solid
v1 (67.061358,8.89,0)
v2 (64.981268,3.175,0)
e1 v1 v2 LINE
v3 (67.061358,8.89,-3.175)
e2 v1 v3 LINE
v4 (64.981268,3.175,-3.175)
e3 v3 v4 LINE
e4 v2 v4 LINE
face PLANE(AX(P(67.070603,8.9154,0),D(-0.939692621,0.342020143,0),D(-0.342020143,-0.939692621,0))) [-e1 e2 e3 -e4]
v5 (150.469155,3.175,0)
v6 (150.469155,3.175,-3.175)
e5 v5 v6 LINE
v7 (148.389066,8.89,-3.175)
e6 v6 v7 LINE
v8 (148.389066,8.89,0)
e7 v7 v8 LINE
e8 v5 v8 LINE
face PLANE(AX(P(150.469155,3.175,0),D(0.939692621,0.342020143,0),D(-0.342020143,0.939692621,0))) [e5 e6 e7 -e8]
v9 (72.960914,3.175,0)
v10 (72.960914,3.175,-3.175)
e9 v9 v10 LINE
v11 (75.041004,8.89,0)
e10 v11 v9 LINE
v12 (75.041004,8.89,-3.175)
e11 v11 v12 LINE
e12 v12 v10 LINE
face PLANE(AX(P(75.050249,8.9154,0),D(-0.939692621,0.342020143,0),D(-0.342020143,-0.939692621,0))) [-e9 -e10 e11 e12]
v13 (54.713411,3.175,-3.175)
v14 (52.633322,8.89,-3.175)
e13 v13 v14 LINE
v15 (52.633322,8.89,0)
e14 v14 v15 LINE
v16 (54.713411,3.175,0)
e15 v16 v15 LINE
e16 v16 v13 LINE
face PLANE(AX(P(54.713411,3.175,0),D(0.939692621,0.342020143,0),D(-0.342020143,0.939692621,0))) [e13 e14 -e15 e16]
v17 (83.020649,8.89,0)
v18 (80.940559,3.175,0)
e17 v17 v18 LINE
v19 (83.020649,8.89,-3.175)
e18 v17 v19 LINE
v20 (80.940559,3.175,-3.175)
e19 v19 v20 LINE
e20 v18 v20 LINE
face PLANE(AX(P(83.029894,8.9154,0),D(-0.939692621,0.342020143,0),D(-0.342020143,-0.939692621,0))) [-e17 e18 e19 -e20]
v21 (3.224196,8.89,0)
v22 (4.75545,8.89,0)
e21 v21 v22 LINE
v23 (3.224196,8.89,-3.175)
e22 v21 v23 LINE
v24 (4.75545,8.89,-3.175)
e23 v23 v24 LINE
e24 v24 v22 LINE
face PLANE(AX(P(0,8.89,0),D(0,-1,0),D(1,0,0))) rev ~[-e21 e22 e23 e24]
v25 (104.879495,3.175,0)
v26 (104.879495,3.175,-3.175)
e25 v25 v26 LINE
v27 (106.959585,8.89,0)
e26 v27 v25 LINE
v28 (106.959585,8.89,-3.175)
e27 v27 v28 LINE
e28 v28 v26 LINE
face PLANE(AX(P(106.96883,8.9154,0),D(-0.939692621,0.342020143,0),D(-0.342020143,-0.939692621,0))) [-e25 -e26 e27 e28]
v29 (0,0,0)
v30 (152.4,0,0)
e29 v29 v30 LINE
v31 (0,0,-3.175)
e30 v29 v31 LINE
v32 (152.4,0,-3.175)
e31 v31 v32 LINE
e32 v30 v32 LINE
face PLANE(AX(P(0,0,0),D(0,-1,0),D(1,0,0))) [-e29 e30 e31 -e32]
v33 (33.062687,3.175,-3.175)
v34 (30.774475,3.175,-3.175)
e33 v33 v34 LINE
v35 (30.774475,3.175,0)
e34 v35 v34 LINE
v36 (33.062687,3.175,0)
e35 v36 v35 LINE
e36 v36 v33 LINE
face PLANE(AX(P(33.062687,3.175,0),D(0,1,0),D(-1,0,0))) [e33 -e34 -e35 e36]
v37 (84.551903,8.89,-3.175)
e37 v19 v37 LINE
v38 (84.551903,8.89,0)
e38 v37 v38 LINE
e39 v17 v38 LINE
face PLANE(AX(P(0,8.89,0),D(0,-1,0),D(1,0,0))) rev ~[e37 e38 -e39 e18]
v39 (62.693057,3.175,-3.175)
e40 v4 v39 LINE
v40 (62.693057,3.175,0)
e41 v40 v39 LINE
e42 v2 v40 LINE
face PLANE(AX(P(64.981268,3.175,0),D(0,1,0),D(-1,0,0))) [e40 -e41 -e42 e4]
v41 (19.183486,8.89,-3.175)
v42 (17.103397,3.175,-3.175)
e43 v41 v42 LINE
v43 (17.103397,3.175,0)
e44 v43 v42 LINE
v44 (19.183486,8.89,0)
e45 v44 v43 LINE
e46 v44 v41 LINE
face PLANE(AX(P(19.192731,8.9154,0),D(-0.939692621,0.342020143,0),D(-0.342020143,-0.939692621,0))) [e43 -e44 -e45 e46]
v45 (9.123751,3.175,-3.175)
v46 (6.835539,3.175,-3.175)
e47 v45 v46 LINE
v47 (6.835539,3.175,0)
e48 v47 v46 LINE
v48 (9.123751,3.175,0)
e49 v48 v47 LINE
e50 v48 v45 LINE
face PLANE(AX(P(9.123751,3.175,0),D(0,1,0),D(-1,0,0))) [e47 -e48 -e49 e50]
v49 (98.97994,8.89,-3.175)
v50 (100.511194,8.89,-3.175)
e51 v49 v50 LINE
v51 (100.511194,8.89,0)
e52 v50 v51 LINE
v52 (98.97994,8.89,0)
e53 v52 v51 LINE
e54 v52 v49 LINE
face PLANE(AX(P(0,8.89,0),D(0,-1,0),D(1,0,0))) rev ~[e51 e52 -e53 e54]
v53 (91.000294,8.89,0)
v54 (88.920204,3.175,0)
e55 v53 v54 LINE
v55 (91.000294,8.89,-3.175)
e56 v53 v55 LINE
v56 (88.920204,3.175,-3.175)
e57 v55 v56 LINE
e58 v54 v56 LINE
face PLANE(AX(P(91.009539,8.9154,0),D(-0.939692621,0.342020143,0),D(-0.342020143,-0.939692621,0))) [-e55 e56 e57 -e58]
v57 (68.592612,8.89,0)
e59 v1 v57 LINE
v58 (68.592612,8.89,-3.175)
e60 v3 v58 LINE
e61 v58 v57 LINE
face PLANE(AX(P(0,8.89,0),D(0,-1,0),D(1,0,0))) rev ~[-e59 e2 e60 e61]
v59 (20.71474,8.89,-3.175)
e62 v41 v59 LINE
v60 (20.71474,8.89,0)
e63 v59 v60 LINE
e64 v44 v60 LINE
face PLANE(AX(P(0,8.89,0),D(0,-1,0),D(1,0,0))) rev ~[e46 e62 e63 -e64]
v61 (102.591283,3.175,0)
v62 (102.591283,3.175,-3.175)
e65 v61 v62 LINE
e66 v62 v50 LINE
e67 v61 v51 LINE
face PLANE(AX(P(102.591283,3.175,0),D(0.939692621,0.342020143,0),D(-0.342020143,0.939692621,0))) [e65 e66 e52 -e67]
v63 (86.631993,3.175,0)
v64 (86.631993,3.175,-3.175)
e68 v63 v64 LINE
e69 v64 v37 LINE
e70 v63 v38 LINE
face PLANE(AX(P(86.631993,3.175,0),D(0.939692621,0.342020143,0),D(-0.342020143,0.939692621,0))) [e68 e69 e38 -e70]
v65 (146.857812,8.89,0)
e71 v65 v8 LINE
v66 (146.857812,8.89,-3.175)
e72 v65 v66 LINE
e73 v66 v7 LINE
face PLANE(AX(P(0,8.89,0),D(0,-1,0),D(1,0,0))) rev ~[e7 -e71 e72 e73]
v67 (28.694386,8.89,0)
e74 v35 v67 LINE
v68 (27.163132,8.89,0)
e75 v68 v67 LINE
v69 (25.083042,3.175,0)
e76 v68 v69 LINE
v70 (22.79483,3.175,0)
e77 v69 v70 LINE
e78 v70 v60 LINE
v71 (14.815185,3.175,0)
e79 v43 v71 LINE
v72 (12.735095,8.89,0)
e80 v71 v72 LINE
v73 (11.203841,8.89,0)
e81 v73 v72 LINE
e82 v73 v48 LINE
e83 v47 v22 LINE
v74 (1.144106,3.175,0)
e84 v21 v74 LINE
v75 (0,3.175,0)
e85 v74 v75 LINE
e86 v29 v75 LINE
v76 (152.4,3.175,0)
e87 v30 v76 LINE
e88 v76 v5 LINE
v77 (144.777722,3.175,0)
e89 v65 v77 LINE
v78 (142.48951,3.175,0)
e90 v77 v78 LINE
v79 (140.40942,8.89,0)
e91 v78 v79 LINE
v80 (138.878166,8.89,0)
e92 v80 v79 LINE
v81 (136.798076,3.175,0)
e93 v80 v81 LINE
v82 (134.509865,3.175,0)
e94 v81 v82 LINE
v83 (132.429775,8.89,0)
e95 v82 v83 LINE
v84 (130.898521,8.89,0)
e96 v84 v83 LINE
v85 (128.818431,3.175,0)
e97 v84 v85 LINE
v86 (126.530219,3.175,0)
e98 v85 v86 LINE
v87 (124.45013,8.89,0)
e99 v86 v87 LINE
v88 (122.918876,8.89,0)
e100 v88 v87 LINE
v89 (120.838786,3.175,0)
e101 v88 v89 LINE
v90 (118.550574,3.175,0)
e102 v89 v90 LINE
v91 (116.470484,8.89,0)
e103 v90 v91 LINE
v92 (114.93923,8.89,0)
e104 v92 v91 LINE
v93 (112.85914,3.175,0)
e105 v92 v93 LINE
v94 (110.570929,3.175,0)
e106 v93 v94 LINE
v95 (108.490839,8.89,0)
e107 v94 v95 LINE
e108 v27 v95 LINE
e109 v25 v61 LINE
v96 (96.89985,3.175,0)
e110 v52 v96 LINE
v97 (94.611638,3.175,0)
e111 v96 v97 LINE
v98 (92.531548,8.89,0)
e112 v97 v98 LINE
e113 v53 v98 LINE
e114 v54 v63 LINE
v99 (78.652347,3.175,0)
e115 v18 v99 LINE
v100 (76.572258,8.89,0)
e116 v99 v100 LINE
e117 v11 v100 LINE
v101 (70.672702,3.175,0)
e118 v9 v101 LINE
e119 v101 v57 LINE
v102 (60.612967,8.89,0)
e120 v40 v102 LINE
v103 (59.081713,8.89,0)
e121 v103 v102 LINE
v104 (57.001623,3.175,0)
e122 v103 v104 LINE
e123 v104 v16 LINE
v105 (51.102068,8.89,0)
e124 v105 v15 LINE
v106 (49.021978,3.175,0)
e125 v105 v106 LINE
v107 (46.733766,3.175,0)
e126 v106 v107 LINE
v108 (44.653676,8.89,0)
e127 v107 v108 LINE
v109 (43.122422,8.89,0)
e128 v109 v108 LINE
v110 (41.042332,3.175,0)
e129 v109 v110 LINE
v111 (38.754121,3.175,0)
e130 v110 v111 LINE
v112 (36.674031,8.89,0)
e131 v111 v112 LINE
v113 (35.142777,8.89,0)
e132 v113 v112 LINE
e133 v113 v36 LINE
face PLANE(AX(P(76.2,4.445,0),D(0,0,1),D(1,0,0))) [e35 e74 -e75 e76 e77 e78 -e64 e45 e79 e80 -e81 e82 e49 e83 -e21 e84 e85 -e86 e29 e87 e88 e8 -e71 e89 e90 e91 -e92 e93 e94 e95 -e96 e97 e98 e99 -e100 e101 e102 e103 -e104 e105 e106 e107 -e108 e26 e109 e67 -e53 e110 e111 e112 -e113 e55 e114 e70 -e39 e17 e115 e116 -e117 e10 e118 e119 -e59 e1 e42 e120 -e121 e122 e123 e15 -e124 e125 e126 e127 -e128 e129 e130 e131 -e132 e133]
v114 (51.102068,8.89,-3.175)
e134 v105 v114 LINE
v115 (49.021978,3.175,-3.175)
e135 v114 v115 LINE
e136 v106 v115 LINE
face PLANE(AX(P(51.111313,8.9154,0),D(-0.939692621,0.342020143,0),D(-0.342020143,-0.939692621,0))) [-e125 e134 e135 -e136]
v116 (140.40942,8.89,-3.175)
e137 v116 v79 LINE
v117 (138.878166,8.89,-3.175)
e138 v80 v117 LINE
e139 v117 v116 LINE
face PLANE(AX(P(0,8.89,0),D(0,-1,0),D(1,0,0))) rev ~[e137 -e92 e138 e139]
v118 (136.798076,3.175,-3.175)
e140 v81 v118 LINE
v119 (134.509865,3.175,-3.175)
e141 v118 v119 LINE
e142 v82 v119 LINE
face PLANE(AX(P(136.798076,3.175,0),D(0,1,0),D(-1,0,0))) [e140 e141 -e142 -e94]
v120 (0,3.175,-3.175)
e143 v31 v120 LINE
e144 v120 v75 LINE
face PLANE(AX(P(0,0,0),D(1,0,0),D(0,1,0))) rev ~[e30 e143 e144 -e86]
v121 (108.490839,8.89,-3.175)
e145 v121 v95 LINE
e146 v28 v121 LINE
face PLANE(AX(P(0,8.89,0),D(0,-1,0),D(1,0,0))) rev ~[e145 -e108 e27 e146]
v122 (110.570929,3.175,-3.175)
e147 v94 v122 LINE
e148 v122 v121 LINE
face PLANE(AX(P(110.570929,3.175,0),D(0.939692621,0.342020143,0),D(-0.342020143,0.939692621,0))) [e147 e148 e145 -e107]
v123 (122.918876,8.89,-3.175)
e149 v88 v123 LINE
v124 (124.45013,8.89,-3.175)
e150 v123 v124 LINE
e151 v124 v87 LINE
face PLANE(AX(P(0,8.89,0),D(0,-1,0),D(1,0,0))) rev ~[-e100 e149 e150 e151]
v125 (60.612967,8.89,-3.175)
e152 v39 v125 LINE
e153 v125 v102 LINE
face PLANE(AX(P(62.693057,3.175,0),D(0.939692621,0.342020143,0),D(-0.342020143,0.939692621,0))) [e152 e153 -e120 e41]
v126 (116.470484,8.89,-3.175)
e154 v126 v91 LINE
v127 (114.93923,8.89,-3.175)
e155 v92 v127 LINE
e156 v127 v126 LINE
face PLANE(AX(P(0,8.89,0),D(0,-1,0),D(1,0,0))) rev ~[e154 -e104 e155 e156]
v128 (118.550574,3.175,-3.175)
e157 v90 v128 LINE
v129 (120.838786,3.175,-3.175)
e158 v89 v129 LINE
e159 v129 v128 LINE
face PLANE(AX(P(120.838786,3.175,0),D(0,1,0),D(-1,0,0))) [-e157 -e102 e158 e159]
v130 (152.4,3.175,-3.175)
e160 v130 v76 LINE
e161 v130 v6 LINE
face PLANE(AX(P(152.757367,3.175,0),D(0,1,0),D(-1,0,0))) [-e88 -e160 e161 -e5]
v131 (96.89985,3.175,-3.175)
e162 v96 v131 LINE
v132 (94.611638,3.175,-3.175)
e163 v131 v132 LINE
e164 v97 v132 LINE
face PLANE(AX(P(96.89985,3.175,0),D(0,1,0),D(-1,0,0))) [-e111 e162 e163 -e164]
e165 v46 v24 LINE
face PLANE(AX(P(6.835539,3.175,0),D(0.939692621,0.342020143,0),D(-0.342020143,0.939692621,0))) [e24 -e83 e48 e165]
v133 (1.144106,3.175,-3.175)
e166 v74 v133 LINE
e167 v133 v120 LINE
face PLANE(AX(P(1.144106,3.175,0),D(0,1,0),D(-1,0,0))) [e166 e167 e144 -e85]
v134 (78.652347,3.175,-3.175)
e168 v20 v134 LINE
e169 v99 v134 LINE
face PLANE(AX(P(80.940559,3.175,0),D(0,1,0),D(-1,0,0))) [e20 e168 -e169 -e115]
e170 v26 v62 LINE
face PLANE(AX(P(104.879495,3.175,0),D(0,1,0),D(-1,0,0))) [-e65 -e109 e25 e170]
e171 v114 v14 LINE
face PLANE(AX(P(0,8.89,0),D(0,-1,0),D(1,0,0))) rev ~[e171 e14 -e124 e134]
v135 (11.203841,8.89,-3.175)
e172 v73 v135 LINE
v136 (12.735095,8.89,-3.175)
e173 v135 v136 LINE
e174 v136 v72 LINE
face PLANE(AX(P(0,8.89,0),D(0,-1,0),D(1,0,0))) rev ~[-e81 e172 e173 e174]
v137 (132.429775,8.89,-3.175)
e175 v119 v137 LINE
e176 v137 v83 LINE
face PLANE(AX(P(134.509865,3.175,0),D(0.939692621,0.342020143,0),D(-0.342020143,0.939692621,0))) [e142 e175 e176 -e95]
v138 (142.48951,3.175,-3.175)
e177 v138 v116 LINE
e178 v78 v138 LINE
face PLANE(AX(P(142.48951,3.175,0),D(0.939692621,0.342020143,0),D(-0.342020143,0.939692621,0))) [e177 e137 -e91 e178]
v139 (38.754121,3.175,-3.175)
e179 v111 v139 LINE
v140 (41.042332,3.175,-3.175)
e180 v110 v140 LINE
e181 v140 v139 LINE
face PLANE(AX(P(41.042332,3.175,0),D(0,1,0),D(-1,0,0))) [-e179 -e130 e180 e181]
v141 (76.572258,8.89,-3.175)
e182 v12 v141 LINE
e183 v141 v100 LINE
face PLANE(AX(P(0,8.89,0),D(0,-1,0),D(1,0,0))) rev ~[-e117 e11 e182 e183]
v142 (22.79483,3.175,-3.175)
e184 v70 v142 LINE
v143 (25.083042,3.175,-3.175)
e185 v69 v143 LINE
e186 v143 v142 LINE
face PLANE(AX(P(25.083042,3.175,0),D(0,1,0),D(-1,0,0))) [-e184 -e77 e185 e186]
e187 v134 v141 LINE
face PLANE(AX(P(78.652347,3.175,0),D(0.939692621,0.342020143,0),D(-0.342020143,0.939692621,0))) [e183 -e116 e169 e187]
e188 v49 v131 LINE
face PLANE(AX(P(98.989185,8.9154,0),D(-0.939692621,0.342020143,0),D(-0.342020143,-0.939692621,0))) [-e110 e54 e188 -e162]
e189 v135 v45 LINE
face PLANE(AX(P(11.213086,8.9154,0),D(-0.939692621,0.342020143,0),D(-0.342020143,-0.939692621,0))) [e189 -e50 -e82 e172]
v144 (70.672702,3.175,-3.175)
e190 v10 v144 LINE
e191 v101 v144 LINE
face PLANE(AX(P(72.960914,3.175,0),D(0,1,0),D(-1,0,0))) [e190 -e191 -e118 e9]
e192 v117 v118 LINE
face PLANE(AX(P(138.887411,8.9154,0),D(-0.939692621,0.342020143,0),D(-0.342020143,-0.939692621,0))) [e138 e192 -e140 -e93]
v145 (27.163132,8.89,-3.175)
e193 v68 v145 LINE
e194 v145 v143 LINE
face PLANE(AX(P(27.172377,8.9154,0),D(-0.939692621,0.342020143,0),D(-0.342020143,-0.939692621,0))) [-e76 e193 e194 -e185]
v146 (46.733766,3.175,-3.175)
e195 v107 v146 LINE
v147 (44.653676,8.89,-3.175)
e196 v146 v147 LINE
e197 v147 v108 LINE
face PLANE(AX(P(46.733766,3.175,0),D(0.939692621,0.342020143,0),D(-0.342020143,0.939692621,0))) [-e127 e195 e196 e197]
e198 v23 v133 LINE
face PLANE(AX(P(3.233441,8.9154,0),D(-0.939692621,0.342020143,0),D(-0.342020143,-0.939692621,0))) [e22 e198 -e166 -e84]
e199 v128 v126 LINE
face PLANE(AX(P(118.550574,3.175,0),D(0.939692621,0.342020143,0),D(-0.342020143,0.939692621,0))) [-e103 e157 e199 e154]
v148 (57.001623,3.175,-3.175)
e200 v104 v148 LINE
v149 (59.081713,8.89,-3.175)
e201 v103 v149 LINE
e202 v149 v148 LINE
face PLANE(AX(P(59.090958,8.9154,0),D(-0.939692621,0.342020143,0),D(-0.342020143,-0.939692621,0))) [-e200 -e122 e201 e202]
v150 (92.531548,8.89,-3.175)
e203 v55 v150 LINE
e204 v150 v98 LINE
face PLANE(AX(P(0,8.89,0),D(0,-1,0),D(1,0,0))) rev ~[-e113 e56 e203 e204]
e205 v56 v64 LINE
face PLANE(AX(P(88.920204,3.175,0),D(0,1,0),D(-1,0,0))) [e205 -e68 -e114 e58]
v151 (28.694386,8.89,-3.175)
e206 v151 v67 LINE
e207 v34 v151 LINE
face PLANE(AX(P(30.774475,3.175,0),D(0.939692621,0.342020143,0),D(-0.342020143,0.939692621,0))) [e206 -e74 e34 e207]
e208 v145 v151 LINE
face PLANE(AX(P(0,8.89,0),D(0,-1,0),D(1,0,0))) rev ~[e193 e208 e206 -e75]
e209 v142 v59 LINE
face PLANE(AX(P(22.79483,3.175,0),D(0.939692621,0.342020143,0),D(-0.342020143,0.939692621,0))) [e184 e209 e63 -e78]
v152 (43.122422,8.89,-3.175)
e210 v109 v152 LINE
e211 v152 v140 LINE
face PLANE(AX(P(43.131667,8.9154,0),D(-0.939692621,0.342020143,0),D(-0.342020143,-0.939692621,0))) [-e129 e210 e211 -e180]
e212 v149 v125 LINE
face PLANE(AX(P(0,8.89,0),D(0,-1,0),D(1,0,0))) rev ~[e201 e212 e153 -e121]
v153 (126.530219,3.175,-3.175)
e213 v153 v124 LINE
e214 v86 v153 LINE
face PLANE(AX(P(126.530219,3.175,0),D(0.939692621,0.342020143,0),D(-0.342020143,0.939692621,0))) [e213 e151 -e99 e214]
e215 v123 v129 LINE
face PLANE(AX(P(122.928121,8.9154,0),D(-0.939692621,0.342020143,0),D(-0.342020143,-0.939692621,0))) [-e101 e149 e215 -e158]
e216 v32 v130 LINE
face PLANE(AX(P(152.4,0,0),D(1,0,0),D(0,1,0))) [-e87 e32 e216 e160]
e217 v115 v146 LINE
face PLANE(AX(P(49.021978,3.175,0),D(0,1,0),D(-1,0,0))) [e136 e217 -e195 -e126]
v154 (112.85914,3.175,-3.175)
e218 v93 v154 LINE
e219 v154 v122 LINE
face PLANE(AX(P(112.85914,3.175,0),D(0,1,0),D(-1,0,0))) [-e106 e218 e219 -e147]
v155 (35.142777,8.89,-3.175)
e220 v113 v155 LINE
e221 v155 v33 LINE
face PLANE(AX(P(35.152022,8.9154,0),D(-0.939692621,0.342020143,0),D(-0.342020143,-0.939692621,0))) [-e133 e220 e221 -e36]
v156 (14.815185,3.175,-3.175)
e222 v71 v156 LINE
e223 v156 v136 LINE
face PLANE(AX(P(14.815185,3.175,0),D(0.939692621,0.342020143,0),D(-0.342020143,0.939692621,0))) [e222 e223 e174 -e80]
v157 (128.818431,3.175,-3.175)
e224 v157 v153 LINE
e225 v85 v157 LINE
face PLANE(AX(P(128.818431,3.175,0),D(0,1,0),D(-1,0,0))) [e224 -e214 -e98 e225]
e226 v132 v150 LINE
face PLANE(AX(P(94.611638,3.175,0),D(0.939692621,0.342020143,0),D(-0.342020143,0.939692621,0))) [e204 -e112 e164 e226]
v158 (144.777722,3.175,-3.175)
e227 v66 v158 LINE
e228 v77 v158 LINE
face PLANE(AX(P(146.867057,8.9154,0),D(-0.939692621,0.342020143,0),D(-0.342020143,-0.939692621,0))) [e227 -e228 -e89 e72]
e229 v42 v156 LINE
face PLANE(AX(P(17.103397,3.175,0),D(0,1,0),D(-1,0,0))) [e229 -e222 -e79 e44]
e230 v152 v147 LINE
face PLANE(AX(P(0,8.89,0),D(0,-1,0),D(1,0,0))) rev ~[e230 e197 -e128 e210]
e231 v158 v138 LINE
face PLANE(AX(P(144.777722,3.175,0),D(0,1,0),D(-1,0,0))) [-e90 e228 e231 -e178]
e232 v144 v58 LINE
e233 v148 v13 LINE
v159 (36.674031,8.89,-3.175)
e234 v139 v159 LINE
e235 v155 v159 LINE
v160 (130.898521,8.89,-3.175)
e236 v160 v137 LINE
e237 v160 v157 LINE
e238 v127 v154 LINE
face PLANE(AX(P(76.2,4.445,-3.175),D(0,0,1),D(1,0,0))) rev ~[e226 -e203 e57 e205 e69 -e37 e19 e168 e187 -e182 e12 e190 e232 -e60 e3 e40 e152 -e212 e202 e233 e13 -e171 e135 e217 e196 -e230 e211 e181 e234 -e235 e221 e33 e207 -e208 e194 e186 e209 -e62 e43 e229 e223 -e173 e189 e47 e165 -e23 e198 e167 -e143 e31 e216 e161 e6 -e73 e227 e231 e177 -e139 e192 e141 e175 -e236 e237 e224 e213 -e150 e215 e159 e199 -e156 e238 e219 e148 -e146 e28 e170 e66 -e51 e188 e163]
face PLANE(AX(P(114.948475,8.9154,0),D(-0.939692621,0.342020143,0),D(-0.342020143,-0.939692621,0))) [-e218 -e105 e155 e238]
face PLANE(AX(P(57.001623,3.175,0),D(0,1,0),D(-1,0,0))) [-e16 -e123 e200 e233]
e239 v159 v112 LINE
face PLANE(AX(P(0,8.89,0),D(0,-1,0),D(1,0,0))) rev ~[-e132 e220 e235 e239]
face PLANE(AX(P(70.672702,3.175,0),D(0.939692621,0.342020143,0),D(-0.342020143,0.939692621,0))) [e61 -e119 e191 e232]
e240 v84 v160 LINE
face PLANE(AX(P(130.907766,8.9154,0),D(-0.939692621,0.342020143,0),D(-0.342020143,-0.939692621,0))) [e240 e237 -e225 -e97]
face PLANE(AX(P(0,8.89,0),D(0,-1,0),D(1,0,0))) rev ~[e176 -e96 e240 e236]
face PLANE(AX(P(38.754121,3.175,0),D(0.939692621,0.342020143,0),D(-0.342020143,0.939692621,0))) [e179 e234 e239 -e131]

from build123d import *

# Parameters (mm, degrees)
BLANKSKE_W        = 152.4
BLANKSKE_H        = 8.89
BLANK_DEPTH       = 3.175
TOOTHCUTSIM_DEPTH = 153.692084684
TEETHCUTS_COUNT   = 20
TEETHCUTS_PITCH   = 7.979645331


with BuildPart() as part:
    # BlankSke → Blank (new body)
    with BuildSketch(Plane.XY):
        with Locations((76.2, 4.445)):
            Rectangle(BLANKSKE_W, BLANKSKE_H)
    extrude(amount=-BLANK_DEPTH)

    # TooCutSkeSim → ToothCutSim (cut, through all)
    with BuildSketch(Plane.XY):
        Polygon((1.144105839, 3.175), (-1.144105839, 3.175), (-3.233440572, 8.9154), (3.233440572, 8.9154), align=None)
    toothcutsim = extrude(amount=-TOOTHCUTSIM_DEPTH, mode=Mode.SUBTRACT)

    # TeethCuts: ToothCutSim ×20
    with Locations(*[(i * TEETHCUTS_PITCH, 0, 0) for i in range(1, TEETHCUTS_COUNT)]):
        add(toothcutsim, mode=Mode.SUBTRACT)


solid = part.part
